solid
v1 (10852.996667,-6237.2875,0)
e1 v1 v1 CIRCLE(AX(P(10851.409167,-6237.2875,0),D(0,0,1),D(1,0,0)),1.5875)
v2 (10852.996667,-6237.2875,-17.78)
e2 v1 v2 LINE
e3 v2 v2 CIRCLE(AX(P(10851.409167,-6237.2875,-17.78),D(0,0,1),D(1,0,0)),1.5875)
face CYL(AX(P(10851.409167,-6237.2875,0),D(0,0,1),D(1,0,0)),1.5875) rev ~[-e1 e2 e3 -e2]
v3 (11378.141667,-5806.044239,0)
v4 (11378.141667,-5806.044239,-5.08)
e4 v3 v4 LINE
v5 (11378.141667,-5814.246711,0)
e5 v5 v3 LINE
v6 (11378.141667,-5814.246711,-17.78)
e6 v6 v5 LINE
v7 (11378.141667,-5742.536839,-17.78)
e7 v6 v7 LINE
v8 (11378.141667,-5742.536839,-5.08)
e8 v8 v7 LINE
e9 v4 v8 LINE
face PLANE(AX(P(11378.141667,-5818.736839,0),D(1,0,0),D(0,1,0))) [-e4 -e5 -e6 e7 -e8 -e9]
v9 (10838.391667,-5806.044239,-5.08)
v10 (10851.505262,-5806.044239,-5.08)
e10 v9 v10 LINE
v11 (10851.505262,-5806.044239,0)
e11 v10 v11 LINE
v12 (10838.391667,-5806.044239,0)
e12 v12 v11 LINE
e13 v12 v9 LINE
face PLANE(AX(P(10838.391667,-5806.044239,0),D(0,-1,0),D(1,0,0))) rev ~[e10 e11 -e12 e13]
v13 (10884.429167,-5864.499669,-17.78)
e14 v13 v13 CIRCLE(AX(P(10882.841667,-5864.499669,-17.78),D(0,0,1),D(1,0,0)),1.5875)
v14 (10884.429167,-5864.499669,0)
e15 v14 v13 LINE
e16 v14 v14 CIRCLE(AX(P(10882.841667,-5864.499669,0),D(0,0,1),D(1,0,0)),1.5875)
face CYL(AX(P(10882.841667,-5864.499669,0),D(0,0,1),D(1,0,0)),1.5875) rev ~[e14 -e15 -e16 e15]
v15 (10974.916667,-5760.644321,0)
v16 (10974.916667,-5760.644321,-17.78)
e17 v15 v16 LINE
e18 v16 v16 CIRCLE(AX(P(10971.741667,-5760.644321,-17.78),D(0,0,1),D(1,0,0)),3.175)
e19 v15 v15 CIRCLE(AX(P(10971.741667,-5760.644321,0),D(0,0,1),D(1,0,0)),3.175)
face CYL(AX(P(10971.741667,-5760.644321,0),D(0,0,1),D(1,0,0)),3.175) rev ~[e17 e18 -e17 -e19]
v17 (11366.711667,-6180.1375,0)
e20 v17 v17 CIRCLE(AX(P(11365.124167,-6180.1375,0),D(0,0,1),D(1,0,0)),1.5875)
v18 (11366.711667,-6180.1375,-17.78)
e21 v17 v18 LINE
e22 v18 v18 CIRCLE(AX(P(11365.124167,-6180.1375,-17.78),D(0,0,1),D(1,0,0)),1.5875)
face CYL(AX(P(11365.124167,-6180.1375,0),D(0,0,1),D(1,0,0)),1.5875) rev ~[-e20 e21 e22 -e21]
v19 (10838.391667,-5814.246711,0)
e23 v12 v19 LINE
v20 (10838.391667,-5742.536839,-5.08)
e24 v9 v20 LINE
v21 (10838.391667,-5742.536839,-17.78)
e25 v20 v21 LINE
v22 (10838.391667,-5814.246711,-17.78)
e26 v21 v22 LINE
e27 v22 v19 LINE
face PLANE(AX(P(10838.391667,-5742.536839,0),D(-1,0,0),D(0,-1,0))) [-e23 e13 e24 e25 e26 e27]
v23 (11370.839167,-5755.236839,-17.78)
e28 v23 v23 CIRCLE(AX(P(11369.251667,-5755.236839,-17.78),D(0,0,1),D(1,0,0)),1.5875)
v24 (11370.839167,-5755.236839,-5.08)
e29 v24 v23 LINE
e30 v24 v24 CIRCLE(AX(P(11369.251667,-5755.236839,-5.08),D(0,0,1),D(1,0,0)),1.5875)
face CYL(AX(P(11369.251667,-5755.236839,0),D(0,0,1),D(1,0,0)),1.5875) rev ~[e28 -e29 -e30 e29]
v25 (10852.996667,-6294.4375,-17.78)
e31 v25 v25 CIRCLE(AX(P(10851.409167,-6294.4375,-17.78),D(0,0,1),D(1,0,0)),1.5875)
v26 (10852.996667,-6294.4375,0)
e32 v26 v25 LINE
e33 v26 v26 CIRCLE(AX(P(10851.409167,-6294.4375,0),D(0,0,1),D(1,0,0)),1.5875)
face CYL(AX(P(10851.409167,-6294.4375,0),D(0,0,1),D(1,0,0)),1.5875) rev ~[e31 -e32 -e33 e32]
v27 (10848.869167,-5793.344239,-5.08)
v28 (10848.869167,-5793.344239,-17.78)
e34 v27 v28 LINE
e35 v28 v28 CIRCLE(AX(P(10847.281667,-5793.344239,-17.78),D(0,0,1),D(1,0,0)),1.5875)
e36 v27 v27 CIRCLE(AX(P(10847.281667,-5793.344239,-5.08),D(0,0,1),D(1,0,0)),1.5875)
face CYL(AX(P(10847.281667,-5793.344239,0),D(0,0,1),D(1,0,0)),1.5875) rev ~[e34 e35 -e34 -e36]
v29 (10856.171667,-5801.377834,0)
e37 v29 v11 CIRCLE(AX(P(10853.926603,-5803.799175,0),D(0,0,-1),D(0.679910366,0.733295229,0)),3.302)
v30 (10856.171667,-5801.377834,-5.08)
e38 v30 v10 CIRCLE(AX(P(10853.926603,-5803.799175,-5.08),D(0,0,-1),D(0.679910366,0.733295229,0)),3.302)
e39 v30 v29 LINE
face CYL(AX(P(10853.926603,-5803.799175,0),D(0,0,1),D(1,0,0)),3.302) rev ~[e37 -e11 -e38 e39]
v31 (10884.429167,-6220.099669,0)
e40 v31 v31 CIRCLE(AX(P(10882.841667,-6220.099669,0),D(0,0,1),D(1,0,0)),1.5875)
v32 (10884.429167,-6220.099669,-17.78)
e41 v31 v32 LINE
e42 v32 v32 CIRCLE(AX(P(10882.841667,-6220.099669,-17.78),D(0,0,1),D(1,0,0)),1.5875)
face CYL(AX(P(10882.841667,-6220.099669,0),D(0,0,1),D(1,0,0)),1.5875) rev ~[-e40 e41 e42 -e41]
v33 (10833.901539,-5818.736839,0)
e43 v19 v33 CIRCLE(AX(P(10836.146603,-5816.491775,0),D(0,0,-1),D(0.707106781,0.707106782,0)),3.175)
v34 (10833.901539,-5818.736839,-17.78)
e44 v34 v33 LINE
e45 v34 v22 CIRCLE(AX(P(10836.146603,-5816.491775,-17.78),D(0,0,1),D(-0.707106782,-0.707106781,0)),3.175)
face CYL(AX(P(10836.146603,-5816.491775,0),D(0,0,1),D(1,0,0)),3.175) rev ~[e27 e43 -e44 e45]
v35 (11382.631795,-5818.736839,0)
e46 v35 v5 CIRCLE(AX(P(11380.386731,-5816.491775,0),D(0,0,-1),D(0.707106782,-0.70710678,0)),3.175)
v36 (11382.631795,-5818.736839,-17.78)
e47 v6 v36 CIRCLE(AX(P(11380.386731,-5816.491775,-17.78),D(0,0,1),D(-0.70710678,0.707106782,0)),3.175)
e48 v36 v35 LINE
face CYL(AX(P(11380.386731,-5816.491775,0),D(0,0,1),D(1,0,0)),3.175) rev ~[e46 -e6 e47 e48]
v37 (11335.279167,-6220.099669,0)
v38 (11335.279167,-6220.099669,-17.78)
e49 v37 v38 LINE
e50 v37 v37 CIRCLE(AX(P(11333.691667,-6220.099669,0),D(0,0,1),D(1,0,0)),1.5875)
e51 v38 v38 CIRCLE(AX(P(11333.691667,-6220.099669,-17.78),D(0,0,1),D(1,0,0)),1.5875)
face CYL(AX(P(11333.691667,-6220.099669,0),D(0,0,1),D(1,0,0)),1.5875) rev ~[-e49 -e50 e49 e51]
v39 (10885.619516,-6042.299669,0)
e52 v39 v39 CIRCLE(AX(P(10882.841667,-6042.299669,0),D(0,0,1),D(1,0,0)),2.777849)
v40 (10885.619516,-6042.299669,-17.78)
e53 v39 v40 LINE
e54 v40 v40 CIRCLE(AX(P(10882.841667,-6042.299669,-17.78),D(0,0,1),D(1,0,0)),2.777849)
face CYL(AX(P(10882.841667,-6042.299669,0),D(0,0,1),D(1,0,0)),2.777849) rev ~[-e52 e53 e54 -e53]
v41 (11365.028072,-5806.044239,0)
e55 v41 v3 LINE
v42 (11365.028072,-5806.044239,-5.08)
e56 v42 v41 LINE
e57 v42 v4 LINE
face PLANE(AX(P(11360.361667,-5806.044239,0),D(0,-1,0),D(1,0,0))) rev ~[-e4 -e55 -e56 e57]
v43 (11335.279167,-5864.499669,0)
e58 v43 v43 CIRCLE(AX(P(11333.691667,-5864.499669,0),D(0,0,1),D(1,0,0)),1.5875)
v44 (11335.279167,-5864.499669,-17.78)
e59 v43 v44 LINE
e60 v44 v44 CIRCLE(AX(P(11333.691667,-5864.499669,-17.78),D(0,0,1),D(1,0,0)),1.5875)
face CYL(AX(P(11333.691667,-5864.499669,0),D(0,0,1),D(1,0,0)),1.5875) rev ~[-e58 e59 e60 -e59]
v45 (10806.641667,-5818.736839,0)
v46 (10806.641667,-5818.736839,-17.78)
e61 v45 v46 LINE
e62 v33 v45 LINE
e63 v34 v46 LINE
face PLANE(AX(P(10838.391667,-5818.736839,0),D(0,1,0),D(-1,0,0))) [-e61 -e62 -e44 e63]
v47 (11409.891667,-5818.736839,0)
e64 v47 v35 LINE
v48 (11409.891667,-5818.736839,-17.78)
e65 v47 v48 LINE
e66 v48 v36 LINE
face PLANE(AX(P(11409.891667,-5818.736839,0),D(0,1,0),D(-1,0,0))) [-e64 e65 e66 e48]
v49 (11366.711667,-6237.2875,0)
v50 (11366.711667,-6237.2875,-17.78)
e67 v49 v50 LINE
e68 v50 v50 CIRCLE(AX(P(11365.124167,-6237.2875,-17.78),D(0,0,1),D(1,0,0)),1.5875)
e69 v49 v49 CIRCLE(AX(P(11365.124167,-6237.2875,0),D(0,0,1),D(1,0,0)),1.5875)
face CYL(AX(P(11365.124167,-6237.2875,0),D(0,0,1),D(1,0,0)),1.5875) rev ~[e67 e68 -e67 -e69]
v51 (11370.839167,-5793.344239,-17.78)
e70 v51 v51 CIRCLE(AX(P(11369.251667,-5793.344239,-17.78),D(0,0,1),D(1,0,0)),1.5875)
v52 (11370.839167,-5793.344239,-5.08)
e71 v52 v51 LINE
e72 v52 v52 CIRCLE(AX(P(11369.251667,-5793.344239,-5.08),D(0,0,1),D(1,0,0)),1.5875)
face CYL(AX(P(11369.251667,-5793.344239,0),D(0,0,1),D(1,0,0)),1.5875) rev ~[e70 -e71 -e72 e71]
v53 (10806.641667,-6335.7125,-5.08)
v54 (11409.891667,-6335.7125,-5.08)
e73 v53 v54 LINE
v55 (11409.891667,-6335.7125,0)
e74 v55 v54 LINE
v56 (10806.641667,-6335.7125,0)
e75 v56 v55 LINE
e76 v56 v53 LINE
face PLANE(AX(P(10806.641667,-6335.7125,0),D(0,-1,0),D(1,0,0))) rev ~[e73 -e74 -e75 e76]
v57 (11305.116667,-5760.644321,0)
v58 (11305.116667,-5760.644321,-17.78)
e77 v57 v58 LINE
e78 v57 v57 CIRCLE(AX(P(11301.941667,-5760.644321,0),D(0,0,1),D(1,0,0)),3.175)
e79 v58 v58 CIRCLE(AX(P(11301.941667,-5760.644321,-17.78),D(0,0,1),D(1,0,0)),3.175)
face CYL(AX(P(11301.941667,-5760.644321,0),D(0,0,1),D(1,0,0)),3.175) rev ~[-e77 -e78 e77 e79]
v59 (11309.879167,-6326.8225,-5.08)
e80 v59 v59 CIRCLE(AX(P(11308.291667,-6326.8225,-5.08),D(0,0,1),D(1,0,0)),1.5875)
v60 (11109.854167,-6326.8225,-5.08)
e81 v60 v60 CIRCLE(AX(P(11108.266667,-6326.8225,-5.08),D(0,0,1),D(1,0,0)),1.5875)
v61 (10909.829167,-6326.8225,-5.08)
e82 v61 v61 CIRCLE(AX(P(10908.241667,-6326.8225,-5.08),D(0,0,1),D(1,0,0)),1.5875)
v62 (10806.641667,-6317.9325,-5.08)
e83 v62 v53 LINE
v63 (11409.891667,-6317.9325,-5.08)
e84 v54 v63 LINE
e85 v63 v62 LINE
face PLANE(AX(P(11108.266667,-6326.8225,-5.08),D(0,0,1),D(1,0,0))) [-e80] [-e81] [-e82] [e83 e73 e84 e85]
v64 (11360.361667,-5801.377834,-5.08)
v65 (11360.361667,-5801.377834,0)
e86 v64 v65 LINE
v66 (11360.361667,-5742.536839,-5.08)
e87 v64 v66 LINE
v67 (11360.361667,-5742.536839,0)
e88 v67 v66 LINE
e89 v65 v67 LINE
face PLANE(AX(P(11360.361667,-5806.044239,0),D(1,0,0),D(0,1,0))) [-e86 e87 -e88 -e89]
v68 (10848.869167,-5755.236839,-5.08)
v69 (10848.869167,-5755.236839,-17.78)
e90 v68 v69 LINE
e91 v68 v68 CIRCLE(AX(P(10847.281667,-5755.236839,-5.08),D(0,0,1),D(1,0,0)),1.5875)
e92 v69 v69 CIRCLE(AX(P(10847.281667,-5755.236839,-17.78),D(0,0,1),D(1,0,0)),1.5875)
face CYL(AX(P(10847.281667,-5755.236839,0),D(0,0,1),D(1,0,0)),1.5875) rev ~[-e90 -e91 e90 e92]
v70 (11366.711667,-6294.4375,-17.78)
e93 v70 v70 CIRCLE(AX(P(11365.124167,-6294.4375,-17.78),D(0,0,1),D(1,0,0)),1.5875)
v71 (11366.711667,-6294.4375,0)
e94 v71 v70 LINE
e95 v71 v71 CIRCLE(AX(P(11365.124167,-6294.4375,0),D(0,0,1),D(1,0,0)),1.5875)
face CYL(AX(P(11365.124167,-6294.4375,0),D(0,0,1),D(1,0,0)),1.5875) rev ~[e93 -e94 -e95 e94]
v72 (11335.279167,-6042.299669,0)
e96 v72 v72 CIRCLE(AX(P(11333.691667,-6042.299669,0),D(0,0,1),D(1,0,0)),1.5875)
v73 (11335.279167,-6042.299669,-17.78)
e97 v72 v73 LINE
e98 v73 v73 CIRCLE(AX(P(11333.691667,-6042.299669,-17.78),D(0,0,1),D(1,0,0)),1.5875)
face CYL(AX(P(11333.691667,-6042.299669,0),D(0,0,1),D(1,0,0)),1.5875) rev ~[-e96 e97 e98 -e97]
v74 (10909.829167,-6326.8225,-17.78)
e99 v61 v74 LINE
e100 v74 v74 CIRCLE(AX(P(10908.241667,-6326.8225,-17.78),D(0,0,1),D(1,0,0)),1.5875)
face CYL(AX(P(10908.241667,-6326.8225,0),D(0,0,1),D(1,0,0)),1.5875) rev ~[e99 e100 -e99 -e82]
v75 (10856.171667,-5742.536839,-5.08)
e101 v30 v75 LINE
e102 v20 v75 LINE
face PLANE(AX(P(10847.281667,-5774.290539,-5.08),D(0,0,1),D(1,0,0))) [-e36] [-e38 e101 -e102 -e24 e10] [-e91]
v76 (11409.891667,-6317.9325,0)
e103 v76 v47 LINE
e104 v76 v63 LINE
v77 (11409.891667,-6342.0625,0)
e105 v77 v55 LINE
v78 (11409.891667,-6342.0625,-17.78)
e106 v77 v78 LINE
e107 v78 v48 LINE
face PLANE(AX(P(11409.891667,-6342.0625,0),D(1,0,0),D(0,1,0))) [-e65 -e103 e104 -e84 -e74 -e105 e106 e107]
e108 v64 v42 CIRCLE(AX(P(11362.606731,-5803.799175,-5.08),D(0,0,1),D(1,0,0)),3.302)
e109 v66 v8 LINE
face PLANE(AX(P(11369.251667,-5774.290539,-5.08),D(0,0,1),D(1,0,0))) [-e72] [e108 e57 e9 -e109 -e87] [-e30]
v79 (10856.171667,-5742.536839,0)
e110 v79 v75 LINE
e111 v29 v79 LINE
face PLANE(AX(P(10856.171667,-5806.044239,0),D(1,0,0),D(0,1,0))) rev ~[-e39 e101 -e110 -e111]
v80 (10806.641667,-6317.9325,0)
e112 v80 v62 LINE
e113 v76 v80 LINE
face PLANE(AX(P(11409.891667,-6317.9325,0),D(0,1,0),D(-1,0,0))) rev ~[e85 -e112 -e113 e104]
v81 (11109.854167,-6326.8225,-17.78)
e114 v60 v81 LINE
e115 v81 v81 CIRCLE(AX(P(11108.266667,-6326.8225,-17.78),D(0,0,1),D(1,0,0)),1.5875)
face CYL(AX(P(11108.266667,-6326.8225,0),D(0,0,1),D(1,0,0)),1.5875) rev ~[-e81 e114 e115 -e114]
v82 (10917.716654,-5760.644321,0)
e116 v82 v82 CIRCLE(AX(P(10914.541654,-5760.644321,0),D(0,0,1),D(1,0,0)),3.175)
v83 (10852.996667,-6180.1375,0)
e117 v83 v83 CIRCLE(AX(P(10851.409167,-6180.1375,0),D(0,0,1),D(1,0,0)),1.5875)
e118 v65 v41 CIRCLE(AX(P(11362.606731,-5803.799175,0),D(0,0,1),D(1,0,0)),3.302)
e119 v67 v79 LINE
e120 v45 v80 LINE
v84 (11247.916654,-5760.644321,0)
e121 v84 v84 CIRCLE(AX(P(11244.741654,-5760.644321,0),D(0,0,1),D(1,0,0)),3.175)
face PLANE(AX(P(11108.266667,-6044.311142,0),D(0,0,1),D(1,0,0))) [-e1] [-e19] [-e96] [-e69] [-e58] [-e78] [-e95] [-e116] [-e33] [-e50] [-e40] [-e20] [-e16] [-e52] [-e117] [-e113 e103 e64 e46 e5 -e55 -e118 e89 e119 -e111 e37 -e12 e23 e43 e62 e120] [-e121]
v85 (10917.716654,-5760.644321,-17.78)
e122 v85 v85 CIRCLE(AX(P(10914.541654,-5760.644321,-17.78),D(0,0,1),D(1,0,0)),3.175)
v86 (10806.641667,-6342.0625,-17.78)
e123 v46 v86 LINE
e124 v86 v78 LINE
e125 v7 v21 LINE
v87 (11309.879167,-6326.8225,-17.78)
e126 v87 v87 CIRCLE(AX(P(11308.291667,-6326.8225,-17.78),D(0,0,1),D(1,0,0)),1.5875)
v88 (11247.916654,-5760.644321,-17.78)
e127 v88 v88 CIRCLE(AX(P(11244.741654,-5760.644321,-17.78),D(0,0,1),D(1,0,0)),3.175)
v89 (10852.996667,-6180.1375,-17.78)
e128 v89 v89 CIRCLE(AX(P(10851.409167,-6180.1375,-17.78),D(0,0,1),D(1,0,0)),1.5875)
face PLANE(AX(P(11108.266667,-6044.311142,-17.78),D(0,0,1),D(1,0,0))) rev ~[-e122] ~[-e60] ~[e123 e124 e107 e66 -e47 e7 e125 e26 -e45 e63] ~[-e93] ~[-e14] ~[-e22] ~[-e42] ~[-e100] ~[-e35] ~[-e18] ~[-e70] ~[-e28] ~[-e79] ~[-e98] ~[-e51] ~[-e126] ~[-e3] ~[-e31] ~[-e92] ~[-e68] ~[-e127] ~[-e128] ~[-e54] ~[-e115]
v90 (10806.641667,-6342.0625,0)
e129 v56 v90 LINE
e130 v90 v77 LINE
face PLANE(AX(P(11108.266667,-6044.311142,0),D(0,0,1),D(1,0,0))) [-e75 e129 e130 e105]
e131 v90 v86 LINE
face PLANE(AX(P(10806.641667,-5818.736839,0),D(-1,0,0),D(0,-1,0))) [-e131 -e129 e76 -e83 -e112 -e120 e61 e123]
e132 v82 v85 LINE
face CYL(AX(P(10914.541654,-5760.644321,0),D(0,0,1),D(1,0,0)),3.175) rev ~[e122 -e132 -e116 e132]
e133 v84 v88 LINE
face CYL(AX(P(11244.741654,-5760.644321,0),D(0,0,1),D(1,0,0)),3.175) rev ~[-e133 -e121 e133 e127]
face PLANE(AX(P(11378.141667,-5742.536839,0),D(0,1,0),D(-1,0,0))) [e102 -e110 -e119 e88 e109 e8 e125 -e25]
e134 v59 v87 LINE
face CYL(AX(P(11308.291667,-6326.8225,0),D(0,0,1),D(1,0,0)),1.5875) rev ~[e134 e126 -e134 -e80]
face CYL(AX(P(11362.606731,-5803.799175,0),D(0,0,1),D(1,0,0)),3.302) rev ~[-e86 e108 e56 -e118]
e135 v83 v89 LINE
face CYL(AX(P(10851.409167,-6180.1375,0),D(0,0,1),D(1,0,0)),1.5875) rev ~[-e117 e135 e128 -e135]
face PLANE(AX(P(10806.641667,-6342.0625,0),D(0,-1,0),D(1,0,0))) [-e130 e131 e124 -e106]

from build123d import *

# Parameters (mm, degrees)
EXTRUDE1_DEPTH     = 17.78
SKETCH4_R          = 3.175000003
SKETCH4_R_2        = 3.175000002
CUT_EXTRUDE1_DEPTH = 17.78
SKETCH6_R          = 1.5875
SKETCH6_R_2        = 1.587500002
SKETCH6_R_3        = 2.777849083
CUT_EXTRUDE3_DEPTH = 17.78
SKETCH5_W          = 17.78
SKETCH5_H          = 63.50740041
SKETCH5_H_2        = 63.507400408
CUT_EXTRUDE2_DEPTH = 5.08
SKETCH7_R          = 3.302
SKETCH7_R_2        = 3.302000002
CUT_EXTRUDE4_DEPTH = 5.08
SKETCH9_R          = 3.175
CUT_EXTRUDE5_DEPTH = 17.78


with BuildPart() as part:
    # Sketch3 → Extrude1 (new body)
    with BuildSketch(Plane.XY):
        Polygon((10806.641666666, -6342.0625), (11409.891666666, -6342.0625), (11409.891666666, -5818.736838581), (11378.141666665, -5818.736838581), (11378.141666665, -5742.536838581), (10838.391666667, -5742.536838581), (10838.391666667, -5818.736838581), (10806.641666666, -5818.736838581), align=None)
    extrude(amount=-EXTRUDE1_DEPTH)

    # Sketch4 → Cut-Extrude1 (cut)
    with BuildSketch(Plane.XY):
        with Locations((11380.386730695, -5816.491774551)):
            Circle(SKETCH4_R)
        with Locations((10836.146602637, -5816.491774551)):
            Circle(SKETCH4_R_2)
    extrude(amount=-CUT_EXTRUDE1_DEPTH, mode=Mode.SUBTRACT)

    # Sketch6 → Cut-Extrude3 (cut)
    with BuildSketch(Plane.XY):
        with Locations((10851.409166666, -6294.4375)):
            Circle(SKETCH6_R)
        with Locations((10908.241666666, -6326.8225)):
            Circle(SKETCH6_R)
        with Locations((11108.266666666, -6326.8225)):
            Circle(SKETCH6_R)
        with Locations((11308.291666666, -6326.8225)):
            Circle(SKETCH6_R)
        with Locations((11365.124166666, -6294.4375)):
            Circle(SKETCH6_R)
        with Locations((11365.124166666, -6237.2875)):
            Circle(SKETCH6_R)
        with Locations((11333.691666666, -6220.099669291)):
            Circle(SKETCH6_R)
        with Locations((11365.124166666, -6180.1375)):
            Circle(SKETCH6_R)
        with Locations((11333.691666666, -6042.299669291)):
            Circle(SKETCH6_R)
        with Locations((11333.691666666, -5864.499669291)):
            Circle(SKETCH6_R)
        with Locations((11369.251666663, -5793.344238991)):
            Circle(SKETCH6_R_2)
        with Locations((11369.251666663, -5755.236838581)):
            Circle(SKETCH6_R_2)
        with Locations((10847.281666666, -5755.236838581)):
            Circle(SKETCH6_R)
        with Locations((10847.281666666, -5793.344238991)):
            Circle(SKETCH6_R)
        with Locations((10882.841666666, -6042.299669291)):
            Circle(SKETCH6_R_3)
        with Locations((10851.409166666, -6180.1375)):
            Circle(SKETCH6_R)
        with Locations((10882.841666666, -6220.099669291)):
            Circle(SKETCH6_R)
        with Locations((10851.409166666, -6237.2875)):
            Circle(SKETCH6_R)
        with Locations((10882.841666666, -5864.499669291)):
            Circle(SKETCH6_R)
    extrude(amount=-CUT_EXTRUDE3_DEPTH, mode=Mode.SUBTRACT)

    # Sketch5 → Cut-Extrude2 (cut)
    with BuildSketch(Plane.XY):
        Polygon((11108.266666666, -6317.9325), (10806.641666666, -6317.9325), (10806.641666666, -6335.7125), (11409.891666666, -6335.7125), (11409.891666666, -6317.9325), align=None)
        with Locations((10847.281666667, -5774.290538786)):
            Rectangle(SKETCH5_W, SKETCH5_H)
        with Locations((11369.251666665, -5774.290538785)):
            Rectangle(SKETCH5_W, SKETCH5_H_2)
    extrude(amount=-CUT_EXTRUDE2_DEPTH, mode=Mode.SUBTRACT)

    # Sketch7 → Cut-Extrude4 (cut)
    with BuildSketch(Plane.XY):
        with Locations((10853.926602637, -5803.79917496)):
            Circle(SKETCH7_R)
        with Locations((11362.606730695, -5803.799174959)):
            Circle(SKETCH7_R_2)
    extrude(amount=-CUT_EXTRUDE4_DEPTH, mode=Mode.SUBTRACT)

    # Sketch9 → Cut-Extrude5 (cut)
    with BuildSketch(Plane.XY):
        with Locations((10914.541654066, -5760.644320781)):
            Circle(SKETCH9_R)
        with Locations((10971.741666666, -5760.644320781)):
            Circle(SKETCH9_R)
        with Locations((11244.741654066, -5760.644320781)):
            Circle(SKETCH9_R)
        with Locations((11301.941666666, -5760.644320781)):
            Circle(SKETCH9_R)
    extrude(amount=-CUT_EXTRUDE5_DEPTH, mode=Mode.SUBTRACT)


solid = part.part
